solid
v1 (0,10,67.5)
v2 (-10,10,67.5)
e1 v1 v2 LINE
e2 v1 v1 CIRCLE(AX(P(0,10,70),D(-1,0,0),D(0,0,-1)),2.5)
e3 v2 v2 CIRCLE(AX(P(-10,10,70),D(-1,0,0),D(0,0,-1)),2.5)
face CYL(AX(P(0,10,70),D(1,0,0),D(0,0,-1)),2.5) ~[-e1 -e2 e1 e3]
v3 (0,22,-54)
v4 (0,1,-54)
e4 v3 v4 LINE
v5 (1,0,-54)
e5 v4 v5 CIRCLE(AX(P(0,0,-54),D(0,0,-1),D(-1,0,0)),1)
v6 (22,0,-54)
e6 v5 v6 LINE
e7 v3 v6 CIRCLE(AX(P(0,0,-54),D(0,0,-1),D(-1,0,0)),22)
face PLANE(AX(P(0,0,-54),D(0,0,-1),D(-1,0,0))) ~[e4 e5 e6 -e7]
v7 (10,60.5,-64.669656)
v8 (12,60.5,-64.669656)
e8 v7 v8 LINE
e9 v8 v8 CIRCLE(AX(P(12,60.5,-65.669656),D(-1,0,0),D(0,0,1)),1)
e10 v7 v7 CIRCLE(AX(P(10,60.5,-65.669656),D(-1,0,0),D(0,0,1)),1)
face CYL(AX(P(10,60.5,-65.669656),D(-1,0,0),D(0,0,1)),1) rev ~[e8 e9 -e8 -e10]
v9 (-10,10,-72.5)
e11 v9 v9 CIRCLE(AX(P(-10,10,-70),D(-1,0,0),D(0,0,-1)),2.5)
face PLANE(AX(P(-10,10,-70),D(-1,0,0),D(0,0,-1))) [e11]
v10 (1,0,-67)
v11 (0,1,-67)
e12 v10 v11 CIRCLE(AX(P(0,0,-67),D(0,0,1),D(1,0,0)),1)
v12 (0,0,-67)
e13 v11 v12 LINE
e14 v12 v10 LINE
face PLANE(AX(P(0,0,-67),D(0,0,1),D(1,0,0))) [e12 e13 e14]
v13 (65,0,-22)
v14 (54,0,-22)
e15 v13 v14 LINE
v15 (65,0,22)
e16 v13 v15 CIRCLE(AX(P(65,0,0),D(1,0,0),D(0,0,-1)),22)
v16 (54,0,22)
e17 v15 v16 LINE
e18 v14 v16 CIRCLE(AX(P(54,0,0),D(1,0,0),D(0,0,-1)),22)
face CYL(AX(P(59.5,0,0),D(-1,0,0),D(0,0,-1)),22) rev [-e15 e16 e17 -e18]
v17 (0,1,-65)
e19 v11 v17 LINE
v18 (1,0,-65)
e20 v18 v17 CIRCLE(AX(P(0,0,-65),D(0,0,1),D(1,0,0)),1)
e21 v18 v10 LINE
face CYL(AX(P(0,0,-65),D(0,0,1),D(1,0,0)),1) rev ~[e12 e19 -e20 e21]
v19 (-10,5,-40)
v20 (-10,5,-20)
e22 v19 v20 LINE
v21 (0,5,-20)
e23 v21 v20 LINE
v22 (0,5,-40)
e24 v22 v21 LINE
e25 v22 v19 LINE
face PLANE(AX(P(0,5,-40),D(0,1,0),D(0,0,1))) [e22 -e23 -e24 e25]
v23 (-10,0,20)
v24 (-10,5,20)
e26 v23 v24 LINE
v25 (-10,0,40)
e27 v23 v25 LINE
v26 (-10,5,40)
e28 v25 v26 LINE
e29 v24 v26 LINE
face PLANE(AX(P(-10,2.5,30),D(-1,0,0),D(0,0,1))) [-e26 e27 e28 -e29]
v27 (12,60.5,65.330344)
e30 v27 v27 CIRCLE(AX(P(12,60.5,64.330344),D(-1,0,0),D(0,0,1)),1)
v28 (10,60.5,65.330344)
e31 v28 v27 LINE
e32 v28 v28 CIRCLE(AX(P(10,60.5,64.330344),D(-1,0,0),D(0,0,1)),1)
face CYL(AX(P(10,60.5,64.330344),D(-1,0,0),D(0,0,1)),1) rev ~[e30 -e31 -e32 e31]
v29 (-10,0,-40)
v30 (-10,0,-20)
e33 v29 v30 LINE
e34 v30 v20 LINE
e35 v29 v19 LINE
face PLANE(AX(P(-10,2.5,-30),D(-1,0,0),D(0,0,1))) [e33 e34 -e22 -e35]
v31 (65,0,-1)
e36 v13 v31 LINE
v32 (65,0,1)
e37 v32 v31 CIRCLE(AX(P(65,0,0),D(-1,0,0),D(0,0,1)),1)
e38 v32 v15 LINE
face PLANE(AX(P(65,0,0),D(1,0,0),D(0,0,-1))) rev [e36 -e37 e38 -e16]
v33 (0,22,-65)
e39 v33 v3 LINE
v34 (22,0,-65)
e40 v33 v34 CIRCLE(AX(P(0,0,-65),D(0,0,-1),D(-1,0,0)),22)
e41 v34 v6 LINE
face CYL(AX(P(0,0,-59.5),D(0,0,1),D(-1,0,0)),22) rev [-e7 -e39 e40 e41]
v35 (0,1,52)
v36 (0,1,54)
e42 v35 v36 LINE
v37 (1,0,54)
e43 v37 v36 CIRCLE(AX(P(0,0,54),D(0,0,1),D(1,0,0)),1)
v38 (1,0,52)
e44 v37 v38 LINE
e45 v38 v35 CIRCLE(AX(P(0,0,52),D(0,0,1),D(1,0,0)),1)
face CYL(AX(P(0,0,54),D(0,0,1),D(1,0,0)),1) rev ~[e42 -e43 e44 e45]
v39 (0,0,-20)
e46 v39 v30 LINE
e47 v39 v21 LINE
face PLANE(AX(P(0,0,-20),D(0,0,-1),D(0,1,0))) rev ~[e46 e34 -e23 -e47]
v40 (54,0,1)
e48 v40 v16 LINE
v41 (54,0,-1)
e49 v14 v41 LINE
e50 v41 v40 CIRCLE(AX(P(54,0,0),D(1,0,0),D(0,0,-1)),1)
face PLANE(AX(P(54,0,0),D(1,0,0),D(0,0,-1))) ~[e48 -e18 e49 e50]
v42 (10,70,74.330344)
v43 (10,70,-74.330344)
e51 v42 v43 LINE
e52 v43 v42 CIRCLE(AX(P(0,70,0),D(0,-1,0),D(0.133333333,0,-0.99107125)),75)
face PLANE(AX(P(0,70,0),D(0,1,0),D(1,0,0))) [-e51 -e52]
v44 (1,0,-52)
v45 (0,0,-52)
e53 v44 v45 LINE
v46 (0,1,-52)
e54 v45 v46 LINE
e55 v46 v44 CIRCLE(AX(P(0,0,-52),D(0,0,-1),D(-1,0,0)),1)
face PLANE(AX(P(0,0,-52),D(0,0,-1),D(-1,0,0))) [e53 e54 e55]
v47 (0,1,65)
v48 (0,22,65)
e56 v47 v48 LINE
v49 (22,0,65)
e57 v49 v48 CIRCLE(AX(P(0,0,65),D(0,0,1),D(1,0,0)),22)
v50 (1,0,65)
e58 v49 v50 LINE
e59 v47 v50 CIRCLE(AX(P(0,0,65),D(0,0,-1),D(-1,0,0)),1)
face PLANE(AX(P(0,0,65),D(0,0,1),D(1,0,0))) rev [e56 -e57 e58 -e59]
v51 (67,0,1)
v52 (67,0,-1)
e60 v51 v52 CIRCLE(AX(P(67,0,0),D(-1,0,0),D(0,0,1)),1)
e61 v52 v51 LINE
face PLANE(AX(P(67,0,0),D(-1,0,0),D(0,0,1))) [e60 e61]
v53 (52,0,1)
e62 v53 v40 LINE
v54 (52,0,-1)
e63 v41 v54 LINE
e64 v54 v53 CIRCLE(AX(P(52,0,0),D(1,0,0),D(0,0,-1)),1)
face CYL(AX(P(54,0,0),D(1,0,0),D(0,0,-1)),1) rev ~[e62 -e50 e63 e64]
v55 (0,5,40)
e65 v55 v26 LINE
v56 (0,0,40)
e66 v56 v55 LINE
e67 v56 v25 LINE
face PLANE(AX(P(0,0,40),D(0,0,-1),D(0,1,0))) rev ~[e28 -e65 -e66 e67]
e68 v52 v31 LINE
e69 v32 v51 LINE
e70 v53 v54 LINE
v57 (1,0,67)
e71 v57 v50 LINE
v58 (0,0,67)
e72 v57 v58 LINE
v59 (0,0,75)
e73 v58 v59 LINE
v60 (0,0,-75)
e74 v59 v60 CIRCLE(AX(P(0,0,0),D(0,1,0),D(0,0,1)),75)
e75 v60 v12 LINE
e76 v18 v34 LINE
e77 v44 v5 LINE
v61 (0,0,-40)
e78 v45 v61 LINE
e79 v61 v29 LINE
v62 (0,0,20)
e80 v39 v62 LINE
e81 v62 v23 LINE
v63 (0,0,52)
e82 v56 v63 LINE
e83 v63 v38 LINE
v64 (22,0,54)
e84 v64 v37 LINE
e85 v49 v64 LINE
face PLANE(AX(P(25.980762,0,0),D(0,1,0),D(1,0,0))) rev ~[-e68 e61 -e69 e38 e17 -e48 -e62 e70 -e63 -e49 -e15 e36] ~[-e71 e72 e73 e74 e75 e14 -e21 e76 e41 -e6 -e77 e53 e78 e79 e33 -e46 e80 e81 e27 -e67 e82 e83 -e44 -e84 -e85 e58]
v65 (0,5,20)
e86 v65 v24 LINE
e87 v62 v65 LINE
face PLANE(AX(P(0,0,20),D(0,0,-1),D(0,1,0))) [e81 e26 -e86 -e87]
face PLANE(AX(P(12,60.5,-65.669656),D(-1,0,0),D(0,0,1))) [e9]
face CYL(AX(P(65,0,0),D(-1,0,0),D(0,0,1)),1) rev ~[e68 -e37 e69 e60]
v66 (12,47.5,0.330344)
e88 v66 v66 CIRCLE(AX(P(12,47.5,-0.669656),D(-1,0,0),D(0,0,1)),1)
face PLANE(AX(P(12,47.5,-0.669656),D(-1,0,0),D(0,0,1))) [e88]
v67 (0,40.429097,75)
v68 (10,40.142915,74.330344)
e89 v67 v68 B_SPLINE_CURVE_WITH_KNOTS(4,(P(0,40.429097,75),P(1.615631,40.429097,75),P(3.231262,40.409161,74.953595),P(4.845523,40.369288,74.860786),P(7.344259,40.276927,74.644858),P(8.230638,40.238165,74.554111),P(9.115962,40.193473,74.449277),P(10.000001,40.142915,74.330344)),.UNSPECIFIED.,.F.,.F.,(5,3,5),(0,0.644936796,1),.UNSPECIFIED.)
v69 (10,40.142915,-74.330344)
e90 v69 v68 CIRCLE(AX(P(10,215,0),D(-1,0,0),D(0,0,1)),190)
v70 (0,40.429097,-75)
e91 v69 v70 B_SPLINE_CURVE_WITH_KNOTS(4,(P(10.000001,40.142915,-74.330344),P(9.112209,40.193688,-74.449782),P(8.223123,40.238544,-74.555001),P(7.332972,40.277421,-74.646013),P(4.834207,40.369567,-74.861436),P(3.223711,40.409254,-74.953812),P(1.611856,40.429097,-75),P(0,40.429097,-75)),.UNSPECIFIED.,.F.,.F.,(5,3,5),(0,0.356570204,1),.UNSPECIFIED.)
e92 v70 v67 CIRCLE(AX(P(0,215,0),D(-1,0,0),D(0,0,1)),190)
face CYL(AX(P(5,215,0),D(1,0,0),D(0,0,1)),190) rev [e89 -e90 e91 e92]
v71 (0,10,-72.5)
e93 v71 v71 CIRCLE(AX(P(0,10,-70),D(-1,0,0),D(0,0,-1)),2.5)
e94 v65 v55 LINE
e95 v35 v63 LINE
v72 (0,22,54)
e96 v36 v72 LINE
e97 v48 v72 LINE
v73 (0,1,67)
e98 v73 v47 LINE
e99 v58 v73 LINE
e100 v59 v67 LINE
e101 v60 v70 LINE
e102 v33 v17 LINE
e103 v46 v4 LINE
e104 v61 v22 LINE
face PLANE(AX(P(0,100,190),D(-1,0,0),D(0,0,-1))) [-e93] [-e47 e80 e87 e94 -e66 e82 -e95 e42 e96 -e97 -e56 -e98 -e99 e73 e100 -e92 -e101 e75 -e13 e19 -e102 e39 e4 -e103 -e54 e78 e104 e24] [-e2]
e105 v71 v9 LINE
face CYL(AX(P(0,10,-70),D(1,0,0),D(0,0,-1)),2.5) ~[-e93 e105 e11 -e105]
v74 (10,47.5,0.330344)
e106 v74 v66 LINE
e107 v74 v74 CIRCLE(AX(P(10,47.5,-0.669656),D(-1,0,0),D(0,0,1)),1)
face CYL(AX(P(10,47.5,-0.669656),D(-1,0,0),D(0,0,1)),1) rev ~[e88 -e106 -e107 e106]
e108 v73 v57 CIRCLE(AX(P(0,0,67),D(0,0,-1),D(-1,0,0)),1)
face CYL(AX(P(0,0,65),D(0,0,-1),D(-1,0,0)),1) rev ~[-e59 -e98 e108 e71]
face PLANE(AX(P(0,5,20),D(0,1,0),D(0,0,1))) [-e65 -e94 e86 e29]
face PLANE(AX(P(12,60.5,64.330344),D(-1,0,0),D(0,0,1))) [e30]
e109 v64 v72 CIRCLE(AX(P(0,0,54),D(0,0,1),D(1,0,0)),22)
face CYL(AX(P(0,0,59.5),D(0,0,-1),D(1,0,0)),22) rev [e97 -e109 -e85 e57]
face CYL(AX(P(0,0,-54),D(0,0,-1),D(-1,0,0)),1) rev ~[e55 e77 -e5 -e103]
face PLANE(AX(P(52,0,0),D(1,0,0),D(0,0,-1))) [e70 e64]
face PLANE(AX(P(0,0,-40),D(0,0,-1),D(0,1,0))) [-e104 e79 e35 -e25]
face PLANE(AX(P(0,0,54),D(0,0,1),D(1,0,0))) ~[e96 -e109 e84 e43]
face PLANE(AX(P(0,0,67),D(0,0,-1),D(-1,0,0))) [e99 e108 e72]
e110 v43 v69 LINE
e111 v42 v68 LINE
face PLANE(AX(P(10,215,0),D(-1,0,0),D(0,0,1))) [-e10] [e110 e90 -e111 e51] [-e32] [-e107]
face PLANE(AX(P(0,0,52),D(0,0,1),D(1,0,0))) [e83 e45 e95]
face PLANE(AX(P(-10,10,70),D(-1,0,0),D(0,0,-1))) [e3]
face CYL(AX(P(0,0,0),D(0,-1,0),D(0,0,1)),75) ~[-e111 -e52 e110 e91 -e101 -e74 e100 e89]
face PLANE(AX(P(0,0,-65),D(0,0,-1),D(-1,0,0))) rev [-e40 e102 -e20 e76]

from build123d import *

# Parameters (mm, degrees)
BOSS_EXTRUDE2_DEPTH = 100
SKETCH3_W           = 11
SKETCH3_H           = 22
SKETCH4_R           = 1
CUT_EXTRUDE1_DEPTH  = 2
SKETCH5_R           = 1
CUT_EXTRUDE2_DEPTH  = 2
CIRPATTERN1_COUNT   = 4
SKETCH8_R           = 2.5
SKETCH8_W           = 20
SKETCH8_H           = 5
BOSS_EXTRUDE3_DEPTH = 10
SKETCH6_W           = 10
SKETCH6_H           = 190
BOSS_EXTRUDE4_DEPTH = 115
SKETCH10_W          = 10
SKETCH10_H          = 190
SKETCH11_R          = 1
CUT_EXTRUDE3_DEPTH  = 2
SKETCH12_R          = 75
CUT_EXTRUDE4_DEPTH  = 30


with BuildPart() as part:
    # Sketch1 → Boss-Extrude2 (new body)
    with BuildSketch(Plane(origin=(0, 0, 0), x_dir=(1, 0, 0), z_dir=(0, 1, 0))):
        with BuildLine():
            ThreePointArc((75, 0), (53.033008589, 53.033008589), (0, 75))
            Line((0, 75), (0, -75))
            ThreePointArc((0, -75), (53.033008589, -53.033008589), (75, 0))
        make_face()
    extrude(amount=BOSS_EXTRUDE2_DEPTH)

    # Sketch3 → Cut-Revolve3 (revolve, cut)
    with BuildSketch(Plane(origin=(0, 0, 0), x_dir=(-1, 0, 0), z_dir=(0, -1, 0))):
        with Locations((-59.5, 11)):
            Rectangle(SKETCH3_W, SKETCH3_H)
    cut_revolve3 = revolve(axis=Axis((0, 0, 0), (1, 0, 0)), mode=Mode.SUBTRACT)

    # Sketch4 → Cut-Extrude1 (cut)
    with BuildSketch(Plane.ZY.offset(-65)):
        Circle(SKETCH4_R)
    cut_extrude1 = extrude(amount=-CUT_EXTRUDE1_DEPTH, mode=Mode.SUBTRACT)

    # Sketch5 → Cut-Extrude2 (cut)
    with BuildSketch(Plane(origin=(54, 0, 0), x_dir=(0, 0, -1), z_dir=(1, 0, 0))):
        Circle(SKETCH5_R)
    cut_extrude2 = extrude(amount=-CUT_EXTRUDE2_DEPTH, mode=Mode.SUBTRACT)

    # CirPattern1: Cut-Revolve3, Cut-Extrude1, Cut-Extrude2 ×4 about axis
    cirpattern1_axis = Axis((0, 0, 0), (0, 1, 0))
    add([cut_revolve3.rotate(cirpattern1_axis, i * 360 / CIRPATTERN1_COUNT) for i in range(1, CIRPATTERN1_COUNT)], mode=Mode.SUBTRACT)
    add([cut_extrude1.rotate(cirpattern1_axis, i * 360 / CIRPATTERN1_COUNT) for i in range(1, CIRPATTERN1_COUNT)], mode=Mode.SUBTRACT)
    add([cut_extrude2.rotate(cirpattern1_axis, i * 360 / CIRPATTERN1_COUNT) for i in range(1, CIRPATTERN1_COUNT)], mode=Mode.SUBTRACT)

    # Sketch8 → Boss-Extrude3 (add)
    with BuildSketch(Plane.ZY):
        with Locations(Location((-70, 10, 0), (0, 0, 180))):
            Circle(SKETCH8_R)
        with Locations(Location((70, 10, 0), (0, 0, 180))):
            Circle(SKETCH8_R)
        with Locations((-30, 2.5)):
            Rectangle(SKETCH8_W, SKETCH8_H)
        with Locations((30, 2.5)):
            Rectangle(SKETCH8_W, SKETCH8_H)
    extrude(amount=BOSS_EXTRUDE3_DEPTH)

    # Sketch6 → Boss-Extrude4 (add)
    with BuildSketch(Plane(origin=(0, 100, 0), x_dir=(1, 0, 0), z_dir=(0, 1, 0))):
        with Locations((5, -95)):
            Rectangle(SKETCH6_W, SKETCH6_H)
    extrude(amount=BOSS_EXTRUDE4_DEPTH)

    # Sketch10 → Cut-Revolve4 (revolve, cut)
    with BuildSketch(Plane(origin=(0, 215, 0), x_dir=(1, 0, 0), z_dir=(0, 1, 0))):
        with Locations((5, -95)):
            Rectangle(SKETCH10_W, SKETCH10_H)
    revolve(axis=Axis((10, 215, 0), (-1, 0, 0)), mode=Mode.SUBTRACT)


with BuildPart() as cut_revolve4_kept_piece:
    # of the separate pieces the step leaves, the one the design keeps (cut_revolve4_pieces_kept)
    add(part.part.solids().sort_by_distance((0, 0, 75))[0])

    # Sketch11 → Cut-Extrude3 (cut)
    with BuildSketch(Plane.ZY.offset(-10)):
        with Locations((-0.669656263, 47.5)):
            Circle(SKETCH11_R)
        with Locations((-65.669656263, 60.5)):
            Circle(SKETCH11_R)
        with Locations((64.330343737, 60.5)):
            Circle(SKETCH11_R)
    extrude(amount=-CUT_EXTRUDE3_DEPTH, mode=Mode.SUBTRACT)

    # Sketch12 → Cut-Extrude4 (cut)
    with BuildSketch(Plane(origin=(0, 100, 0), x_dir=(1, 0, 0), z_dir=(0, 1, 0))):
        Circle(SKETCH12_R)
    extrude(amount=-CUT_EXTRUDE4_DEPTH, mode=Mode.SUBTRACT)


solid = cut_revolve4_kept_piece.part
